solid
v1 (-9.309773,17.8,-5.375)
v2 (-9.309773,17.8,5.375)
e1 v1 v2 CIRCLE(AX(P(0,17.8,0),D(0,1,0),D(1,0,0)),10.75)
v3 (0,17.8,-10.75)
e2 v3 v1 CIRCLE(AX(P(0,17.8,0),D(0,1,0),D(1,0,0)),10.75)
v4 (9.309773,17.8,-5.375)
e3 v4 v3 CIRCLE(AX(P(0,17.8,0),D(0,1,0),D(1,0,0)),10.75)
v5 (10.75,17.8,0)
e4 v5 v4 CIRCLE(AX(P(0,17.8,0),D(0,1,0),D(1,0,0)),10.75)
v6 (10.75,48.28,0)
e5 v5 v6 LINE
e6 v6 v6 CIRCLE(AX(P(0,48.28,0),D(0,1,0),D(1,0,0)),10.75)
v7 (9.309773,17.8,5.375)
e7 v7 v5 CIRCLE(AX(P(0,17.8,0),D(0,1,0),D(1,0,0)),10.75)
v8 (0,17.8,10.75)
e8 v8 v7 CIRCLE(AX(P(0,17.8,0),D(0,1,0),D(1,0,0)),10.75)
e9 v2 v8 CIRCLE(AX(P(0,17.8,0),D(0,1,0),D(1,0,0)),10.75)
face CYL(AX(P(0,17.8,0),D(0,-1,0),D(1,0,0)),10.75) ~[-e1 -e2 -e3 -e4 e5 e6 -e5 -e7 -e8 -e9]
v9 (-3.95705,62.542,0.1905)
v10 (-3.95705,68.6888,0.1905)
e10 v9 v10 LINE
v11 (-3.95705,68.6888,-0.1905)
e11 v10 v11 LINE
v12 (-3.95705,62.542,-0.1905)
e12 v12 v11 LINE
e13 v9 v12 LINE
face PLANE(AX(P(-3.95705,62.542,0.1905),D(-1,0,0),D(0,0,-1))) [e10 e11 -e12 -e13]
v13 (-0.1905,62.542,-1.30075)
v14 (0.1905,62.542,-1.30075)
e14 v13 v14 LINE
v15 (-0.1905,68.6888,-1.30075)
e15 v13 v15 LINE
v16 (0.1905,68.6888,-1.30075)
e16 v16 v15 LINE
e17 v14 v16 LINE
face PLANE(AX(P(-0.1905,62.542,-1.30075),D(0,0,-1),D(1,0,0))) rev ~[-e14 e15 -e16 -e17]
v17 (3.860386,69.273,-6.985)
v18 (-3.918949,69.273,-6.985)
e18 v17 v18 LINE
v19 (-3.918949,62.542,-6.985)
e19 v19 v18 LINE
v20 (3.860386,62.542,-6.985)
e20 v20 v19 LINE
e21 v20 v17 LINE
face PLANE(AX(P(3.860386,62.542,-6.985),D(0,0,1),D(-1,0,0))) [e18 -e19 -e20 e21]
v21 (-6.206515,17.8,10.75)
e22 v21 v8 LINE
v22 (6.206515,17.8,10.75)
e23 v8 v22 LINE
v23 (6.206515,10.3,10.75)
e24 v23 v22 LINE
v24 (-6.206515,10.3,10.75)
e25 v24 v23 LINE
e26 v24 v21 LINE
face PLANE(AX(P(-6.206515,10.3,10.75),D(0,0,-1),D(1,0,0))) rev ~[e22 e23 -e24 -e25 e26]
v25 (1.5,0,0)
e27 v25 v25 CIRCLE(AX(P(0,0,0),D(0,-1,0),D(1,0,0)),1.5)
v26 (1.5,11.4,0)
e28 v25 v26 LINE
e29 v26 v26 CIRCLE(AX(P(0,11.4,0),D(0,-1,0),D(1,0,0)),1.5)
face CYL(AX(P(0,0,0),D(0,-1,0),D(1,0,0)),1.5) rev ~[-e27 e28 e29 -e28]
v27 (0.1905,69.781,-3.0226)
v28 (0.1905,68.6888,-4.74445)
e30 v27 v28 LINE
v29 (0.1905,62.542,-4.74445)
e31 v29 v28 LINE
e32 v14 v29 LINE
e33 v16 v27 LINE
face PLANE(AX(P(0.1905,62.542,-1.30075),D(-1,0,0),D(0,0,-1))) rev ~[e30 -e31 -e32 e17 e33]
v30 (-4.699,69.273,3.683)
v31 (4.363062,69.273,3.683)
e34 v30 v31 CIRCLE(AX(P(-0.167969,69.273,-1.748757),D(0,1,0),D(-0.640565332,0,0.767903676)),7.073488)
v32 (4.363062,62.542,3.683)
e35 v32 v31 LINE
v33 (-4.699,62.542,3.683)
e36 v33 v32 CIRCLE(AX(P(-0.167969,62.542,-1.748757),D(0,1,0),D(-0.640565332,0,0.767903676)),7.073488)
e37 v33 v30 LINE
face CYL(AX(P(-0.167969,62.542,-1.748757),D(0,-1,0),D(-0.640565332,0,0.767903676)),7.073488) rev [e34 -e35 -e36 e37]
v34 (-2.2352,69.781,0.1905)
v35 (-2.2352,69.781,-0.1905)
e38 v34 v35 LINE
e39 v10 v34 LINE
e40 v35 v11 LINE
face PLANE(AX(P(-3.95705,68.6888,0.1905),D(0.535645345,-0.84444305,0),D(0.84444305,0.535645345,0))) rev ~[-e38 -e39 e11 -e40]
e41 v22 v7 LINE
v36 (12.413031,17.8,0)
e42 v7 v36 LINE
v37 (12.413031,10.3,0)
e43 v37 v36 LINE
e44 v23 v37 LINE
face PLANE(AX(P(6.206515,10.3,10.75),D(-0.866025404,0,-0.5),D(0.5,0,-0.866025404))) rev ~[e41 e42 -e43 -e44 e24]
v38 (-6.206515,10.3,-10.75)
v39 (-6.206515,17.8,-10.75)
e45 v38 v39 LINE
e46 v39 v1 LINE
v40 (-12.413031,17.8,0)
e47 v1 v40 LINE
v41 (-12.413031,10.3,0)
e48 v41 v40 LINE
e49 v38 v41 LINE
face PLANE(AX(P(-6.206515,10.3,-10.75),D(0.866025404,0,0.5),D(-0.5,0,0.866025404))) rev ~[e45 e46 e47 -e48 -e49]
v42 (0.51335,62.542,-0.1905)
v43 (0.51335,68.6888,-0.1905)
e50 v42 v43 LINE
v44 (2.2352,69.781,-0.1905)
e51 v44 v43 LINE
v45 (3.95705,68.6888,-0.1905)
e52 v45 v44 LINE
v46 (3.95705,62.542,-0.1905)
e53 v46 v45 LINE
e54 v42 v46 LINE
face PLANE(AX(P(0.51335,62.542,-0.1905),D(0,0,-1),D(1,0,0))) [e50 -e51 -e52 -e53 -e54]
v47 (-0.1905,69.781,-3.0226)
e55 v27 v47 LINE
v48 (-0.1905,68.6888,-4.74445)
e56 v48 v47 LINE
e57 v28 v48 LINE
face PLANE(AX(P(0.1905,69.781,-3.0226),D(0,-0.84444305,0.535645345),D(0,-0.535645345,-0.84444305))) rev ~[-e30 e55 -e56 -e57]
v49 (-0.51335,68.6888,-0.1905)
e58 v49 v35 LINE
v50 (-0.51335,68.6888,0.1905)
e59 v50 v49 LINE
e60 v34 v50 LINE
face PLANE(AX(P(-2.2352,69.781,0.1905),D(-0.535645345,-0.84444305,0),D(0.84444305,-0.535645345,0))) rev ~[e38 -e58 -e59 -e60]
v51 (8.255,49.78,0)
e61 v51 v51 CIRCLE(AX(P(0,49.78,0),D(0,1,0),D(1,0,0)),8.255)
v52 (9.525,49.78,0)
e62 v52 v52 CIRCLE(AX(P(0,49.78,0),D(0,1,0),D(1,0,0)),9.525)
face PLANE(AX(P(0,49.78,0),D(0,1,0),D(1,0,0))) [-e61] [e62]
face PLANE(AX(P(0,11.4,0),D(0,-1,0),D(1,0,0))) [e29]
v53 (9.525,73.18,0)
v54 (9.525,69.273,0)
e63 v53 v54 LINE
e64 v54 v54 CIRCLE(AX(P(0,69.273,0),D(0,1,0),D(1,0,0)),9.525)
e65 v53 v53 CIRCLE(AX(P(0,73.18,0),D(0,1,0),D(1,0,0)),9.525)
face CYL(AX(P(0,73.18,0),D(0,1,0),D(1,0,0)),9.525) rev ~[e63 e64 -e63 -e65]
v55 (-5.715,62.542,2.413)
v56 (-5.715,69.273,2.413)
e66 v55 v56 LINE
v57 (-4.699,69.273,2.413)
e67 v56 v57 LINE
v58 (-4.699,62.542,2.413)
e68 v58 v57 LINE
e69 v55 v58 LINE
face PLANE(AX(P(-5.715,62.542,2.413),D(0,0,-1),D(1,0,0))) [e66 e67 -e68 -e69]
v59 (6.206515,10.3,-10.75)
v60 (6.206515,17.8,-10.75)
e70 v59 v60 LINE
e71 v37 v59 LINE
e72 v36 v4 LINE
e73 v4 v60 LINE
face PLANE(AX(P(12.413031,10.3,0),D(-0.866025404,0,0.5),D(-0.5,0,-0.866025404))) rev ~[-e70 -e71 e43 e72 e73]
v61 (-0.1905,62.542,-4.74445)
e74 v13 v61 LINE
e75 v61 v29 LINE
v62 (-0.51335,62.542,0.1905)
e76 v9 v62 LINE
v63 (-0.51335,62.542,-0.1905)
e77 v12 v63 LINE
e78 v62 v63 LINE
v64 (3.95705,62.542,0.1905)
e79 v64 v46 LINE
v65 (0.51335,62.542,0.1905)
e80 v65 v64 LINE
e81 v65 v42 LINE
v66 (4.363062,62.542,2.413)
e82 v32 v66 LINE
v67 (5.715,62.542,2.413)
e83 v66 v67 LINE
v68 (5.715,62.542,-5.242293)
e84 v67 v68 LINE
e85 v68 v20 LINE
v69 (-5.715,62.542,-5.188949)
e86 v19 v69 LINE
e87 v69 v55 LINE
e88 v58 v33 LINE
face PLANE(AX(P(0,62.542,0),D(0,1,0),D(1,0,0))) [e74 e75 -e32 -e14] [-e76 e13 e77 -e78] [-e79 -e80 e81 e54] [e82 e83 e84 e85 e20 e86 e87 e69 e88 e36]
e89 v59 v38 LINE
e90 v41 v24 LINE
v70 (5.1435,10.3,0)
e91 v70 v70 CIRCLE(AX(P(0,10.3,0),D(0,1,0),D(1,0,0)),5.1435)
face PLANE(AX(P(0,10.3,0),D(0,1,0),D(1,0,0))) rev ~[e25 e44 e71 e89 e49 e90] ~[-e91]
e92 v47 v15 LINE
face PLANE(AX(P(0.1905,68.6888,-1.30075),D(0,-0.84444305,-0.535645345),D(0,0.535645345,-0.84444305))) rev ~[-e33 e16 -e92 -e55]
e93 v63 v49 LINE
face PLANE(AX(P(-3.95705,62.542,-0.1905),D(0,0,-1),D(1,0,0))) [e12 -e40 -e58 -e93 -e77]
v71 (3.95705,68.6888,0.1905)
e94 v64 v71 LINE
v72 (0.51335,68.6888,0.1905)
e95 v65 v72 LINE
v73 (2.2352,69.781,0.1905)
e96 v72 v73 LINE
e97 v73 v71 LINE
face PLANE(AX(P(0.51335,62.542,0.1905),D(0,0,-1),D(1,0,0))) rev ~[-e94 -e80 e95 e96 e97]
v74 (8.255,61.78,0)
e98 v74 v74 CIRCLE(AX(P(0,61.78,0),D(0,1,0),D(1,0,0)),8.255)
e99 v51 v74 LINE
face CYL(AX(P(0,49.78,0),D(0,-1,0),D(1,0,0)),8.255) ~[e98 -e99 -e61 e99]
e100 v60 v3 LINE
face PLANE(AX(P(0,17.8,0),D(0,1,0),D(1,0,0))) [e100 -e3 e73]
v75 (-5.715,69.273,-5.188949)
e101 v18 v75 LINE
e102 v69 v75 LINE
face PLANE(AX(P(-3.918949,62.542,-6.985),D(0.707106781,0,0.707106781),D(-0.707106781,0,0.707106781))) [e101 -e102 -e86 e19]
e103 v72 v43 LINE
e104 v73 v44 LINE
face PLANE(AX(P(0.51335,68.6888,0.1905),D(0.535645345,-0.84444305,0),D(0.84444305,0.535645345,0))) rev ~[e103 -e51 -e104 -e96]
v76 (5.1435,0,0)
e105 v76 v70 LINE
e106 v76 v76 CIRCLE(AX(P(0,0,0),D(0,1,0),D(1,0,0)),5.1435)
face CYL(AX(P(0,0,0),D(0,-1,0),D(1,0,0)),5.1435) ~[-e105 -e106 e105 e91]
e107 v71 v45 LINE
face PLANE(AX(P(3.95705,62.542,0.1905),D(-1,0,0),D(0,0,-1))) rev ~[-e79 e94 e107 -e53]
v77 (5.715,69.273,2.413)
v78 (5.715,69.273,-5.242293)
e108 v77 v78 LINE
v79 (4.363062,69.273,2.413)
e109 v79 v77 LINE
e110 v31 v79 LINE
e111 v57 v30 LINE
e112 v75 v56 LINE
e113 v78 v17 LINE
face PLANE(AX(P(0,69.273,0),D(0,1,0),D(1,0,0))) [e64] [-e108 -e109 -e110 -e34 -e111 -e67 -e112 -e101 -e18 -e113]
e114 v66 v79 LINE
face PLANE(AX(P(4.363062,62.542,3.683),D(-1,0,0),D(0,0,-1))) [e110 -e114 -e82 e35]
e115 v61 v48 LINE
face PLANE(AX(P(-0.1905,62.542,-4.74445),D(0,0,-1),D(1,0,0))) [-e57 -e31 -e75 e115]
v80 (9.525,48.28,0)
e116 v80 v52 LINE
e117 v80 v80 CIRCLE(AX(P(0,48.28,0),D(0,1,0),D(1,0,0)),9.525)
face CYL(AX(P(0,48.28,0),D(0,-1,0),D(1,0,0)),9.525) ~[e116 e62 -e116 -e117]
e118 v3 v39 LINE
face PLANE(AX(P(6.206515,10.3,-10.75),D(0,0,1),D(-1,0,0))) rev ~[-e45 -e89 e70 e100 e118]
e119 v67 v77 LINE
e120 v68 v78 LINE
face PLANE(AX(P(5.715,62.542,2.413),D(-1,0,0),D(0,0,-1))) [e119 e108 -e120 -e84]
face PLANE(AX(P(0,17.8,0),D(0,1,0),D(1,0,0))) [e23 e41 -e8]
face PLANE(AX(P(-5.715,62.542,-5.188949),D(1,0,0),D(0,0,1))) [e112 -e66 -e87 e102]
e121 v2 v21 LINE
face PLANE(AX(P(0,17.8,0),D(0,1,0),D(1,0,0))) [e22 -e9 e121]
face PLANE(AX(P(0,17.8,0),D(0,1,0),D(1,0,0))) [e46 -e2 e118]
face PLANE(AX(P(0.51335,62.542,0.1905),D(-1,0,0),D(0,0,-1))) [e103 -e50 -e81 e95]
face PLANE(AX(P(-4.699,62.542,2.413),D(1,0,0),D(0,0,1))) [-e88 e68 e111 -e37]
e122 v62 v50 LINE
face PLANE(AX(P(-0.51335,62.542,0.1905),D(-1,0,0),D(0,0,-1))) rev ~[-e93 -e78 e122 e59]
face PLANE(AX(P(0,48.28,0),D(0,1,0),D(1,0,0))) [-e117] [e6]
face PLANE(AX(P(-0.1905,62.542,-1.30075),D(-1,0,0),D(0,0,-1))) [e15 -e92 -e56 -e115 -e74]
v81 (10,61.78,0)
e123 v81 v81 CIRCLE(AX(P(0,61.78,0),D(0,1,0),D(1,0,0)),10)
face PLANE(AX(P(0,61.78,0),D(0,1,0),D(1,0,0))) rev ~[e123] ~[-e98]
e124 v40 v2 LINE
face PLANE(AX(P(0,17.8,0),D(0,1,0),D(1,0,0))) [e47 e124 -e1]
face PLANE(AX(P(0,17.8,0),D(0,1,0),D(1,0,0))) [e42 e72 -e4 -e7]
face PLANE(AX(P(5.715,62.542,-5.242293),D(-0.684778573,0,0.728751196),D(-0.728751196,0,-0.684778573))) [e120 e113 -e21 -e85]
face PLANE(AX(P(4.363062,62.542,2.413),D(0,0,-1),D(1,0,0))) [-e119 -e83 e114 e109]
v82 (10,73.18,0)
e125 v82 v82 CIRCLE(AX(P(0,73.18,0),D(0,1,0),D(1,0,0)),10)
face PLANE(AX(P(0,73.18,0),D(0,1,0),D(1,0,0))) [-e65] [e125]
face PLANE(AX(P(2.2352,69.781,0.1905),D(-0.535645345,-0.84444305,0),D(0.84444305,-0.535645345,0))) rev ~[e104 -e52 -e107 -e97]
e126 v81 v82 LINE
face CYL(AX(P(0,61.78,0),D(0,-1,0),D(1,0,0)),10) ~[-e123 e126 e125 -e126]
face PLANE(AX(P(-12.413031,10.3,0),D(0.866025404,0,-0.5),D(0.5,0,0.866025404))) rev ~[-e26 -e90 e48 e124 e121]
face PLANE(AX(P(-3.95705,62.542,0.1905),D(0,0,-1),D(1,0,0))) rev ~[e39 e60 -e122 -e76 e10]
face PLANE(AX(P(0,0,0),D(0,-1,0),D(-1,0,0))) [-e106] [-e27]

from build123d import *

# Parameters (mm, degrees)
SKETCH1_R           = 5.1435
BOSS_EXTRUDE1_DEPTH = 10.3
BOSS_EXTRUDE2_DEPTH = 7.5
SKETCH3_R           = 10.75
BOSS_EXTRUDE3_DEPTH = 30.48
SKETCH4_R           = 9.525
BOSS_EXTRUDE4_DEPTH = 1.5
SKETCH5_R           = 8.255
BOSS_EXTRUDE5_DEPTH = 12
SKETCH6_R           = 10
BOSS_EXTRUDE6_DEPTH = 11.4
SKETCH7_R           = 4.3053
CUT_EXTRUDE1_DEPTH  = 11.4
SKETCH28_R          = 4.3053
BOSS_EXTRUDE7_DEPTH = 11.4
SKETCH29_R          = 1.5
CUT_EXTRUDE2_DEPTH  = 11.4
SKETCH30_R          = 9.525
CUT_EXTRUDE6_DEPTH  = 10.638
SKETCH31_W          = 0.381
SKETCH31_H          = 3.44369911
SKETCH31_W_2        = 3.44369911
SKETCH31_H_2        = 0.381
BOSS_EXTRUDE8_DEPTH = 7.239
CUT_EXTRUDE7_DEPTH  = 6.731
CUT_EXTRUDE8_DEPTH  = 1.651
CUT_EXTRUDE9_DEPTH  = 1.651
SKETCH35_R          = 9.525
BOSS_EXTRUDE9_DEPTH = 6.731


with BuildPart() as part:
    # Sketch1 → Boss-Extrude1 (new body)
    with BuildSketch(Plane(origin=(0, 0, 0), x_dir=(1, 0, 0), z_dir=(0, 1, 0))):
        Circle(SKETCH1_R)
    extrude(amount=BOSS_EXTRUDE1_DEPTH)

    # Sketch2 → Boss-Extrude2 (add)
    with BuildSketch(Plane(origin=(0, 10.3, 0), x_dir=(1, 0, 0), z_dir=(0, 1, 0))):
        Polygon((6.206515394, 10.75), (-6.206515394, 10.75), (-12.413030788, 0), (-6.206515394, -10.75), (6.206515394, -10.75), (12.413030788, 0), align=None)
    extrude(amount=BOSS_EXTRUDE2_DEPTH)

    # Sketch3 → Boss-Extrude3 (add)
    with BuildSketch(Plane(origin=(0, 17.8, 0), x_dir=(1, 0, 0), z_dir=(0, 1, 0))):
        Circle(SKETCH3_R)
    extrude(amount=BOSS_EXTRUDE3_DEPTH)

    # Sketch4 → Boss-Extrude4 (add)
    with BuildSketch(Plane(origin=(0, 48.28, 0), x_dir=(1, 0, 0), z_dir=(0, 1, 0))):
        Circle(SKETCH4_R)
    extrude(amount=BOSS_EXTRUDE4_DEPTH)

    # Sketch5 → Boss-Extrude5 (add)
    with BuildSketch(Plane(origin=(0, 49.78, 0), x_dir=(1, 0, 0), z_dir=(0, 1, 0))):
        Circle(SKETCH5_R)
    extrude(amount=BOSS_EXTRUDE5_DEPTH)

    # Sketch6 → Boss-Extrude6 (add)
    with BuildSketch(Plane(origin=(0, 61.78, 0), x_dir=(1, 0, 0), z_dir=(0, 1, 0))):
        Circle(SKETCH6_R)
    extrude(amount=BOSS_EXTRUDE6_DEPTH)

    # Sketch7 → Cut-Extrude1 (cut)
    with BuildSketch(Plane.XZ):
        Circle(SKETCH7_R)
    extrude(amount=-CUT_EXTRUDE1_DEPTH, mode=Mode.SUBTRACT)

    # Sketch28 → Boss-Extrude7 (add)
    with BuildSketch(Plane(origin=(0, 0, 0), x_dir=(-1, 0, 0), z_dir=(0, -1, 0))):
        Circle(SKETCH28_R)
    extrude(amount=-BOSS_EXTRUDE7_DEPTH)

    # Sketch29 → Cut-Extrude2 (cut)
    with BuildSketch(Plane.XZ):
        Circle(SKETCH29_R)
    extrude(amount=-CUT_EXTRUDE2_DEPTH, mode=Mode.SUBTRACT)

    # Sketch30 → Cut-Extrude6 (cut)
    with BuildSketch(Plane(origin=(0, 73.18, 0), x_dir=(1, 0, 0), z_dir=(0, 1, 0))):
        Circle(SKETCH30_R)
    extrude(amount=-CUT_EXTRUDE6_DEPTH, mode=Mode.SUBTRACT)

    # Sketch31 → Boss-Extrude8 (add)
    with BuildSketch(Plane(origin=(0, 62.542, 0), x_dir=(1, 0, 0), z_dir=(0, 1, 0))):
        with Locations((0, 3.0226)):
            Rectangle(SKETCH31_W, SKETCH31_H)
        with Locations((-2.2352, 0)):
            Rectangle(SKETCH31_W_2, SKETCH31_H_2)
        with Locations((2.2352, 0)):
            Rectangle(SKETCH31_W_2, SKETCH31_H_2)
    extrude(amount=BOSS_EXTRUDE8_DEPTH)

    # Sketch32 → Cut-Extrude7 (cut)
    with BuildSketch(Plane.XY.offset(0.1905)):
        Polygon((-3.957049555, 68.6888), (-2.2352, 69.781), (-3.957049555, 69.781), align=None)
        Polygon((-0.513350445, 69.781), (-2.2352, 69.781), (-0.513350445, 68.6888), align=None)
    extrude(amount=-CUT_EXTRUDE7_DEPTH, mode=Mode.SUBTRACT)

    # Sketch33 → Cut-Extrude8 (cut)
    with BuildSketch(Plane.XY.offset(0.1905)):
        Polygon((0.513350445, 68.6888), (2.2352, 69.781), (0.513350445, 69.781), align=None)
        Polygon((3.957049555, 69.781), (2.2352, 69.781), (3.957049555, 68.6888), align=None)
    extrude(amount=-CUT_EXTRUDE8_DEPTH, mode=Mode.SUBTRACT)

    # Sketch34 → Cut-Extrude9 (cut)
    with BuildSketch(Plane(origin=(0.1905, 0, 0), x_dir=(0, 0, -1), z_dir=(1, 0, 0))):
        Polygon((1.300750445, 68.6888), (3.0226, 69.781), (1.300750445, 69.781), align=None)
        Polygon((4.744449555, 69.781), (3.0226, 69.781), (4.744449555, 68.6888), align=None)
    extrude(amount=-CUT_EXTRUDE9_DEPTH, mode=Mode.SUBTRACT)

    # Sketch35 → Boss-Extrude9 (add)
    with BuildSketch(Plane(origin=(0, 62.542, 0), x_dir=(1, 0, 0), z_dir=(0, 1, 0))):
        Circle(SKETCH35_R)
        with BuildLine():
            ThreePointArc((-4.699, -3.683), (-0.167968835, -5.324730553), (4.363062329, -3.683))
            Line((4.363062329, -3.683), (4.363062329, -2.413))
            Line((4.363062329, -2.413), (5.715, -2.413))
            Line((5.715, -2.413), (5.715, 5.24229274))
            Line((5.715, 5.24229274), (3.860385896, 6.985))
            Line((3.860385896, 6.985), (-3.918948776, 6.985))
            Line((-3.918948776, 6.985), (-5.715, 5.188948776))
            Line((-5.715, 5.188948776), (-5.715, -2.413))
            Line((-5.715, -2.413), (-4.699, -2.413))
            Line((-4.699, -2.413), (-4.699, -3.683))
        make_face(mode=Mode.SUBTRACT)
    extrude(amount=BOSS_EXTRUDE9_DEPTH)


solid = part.part
